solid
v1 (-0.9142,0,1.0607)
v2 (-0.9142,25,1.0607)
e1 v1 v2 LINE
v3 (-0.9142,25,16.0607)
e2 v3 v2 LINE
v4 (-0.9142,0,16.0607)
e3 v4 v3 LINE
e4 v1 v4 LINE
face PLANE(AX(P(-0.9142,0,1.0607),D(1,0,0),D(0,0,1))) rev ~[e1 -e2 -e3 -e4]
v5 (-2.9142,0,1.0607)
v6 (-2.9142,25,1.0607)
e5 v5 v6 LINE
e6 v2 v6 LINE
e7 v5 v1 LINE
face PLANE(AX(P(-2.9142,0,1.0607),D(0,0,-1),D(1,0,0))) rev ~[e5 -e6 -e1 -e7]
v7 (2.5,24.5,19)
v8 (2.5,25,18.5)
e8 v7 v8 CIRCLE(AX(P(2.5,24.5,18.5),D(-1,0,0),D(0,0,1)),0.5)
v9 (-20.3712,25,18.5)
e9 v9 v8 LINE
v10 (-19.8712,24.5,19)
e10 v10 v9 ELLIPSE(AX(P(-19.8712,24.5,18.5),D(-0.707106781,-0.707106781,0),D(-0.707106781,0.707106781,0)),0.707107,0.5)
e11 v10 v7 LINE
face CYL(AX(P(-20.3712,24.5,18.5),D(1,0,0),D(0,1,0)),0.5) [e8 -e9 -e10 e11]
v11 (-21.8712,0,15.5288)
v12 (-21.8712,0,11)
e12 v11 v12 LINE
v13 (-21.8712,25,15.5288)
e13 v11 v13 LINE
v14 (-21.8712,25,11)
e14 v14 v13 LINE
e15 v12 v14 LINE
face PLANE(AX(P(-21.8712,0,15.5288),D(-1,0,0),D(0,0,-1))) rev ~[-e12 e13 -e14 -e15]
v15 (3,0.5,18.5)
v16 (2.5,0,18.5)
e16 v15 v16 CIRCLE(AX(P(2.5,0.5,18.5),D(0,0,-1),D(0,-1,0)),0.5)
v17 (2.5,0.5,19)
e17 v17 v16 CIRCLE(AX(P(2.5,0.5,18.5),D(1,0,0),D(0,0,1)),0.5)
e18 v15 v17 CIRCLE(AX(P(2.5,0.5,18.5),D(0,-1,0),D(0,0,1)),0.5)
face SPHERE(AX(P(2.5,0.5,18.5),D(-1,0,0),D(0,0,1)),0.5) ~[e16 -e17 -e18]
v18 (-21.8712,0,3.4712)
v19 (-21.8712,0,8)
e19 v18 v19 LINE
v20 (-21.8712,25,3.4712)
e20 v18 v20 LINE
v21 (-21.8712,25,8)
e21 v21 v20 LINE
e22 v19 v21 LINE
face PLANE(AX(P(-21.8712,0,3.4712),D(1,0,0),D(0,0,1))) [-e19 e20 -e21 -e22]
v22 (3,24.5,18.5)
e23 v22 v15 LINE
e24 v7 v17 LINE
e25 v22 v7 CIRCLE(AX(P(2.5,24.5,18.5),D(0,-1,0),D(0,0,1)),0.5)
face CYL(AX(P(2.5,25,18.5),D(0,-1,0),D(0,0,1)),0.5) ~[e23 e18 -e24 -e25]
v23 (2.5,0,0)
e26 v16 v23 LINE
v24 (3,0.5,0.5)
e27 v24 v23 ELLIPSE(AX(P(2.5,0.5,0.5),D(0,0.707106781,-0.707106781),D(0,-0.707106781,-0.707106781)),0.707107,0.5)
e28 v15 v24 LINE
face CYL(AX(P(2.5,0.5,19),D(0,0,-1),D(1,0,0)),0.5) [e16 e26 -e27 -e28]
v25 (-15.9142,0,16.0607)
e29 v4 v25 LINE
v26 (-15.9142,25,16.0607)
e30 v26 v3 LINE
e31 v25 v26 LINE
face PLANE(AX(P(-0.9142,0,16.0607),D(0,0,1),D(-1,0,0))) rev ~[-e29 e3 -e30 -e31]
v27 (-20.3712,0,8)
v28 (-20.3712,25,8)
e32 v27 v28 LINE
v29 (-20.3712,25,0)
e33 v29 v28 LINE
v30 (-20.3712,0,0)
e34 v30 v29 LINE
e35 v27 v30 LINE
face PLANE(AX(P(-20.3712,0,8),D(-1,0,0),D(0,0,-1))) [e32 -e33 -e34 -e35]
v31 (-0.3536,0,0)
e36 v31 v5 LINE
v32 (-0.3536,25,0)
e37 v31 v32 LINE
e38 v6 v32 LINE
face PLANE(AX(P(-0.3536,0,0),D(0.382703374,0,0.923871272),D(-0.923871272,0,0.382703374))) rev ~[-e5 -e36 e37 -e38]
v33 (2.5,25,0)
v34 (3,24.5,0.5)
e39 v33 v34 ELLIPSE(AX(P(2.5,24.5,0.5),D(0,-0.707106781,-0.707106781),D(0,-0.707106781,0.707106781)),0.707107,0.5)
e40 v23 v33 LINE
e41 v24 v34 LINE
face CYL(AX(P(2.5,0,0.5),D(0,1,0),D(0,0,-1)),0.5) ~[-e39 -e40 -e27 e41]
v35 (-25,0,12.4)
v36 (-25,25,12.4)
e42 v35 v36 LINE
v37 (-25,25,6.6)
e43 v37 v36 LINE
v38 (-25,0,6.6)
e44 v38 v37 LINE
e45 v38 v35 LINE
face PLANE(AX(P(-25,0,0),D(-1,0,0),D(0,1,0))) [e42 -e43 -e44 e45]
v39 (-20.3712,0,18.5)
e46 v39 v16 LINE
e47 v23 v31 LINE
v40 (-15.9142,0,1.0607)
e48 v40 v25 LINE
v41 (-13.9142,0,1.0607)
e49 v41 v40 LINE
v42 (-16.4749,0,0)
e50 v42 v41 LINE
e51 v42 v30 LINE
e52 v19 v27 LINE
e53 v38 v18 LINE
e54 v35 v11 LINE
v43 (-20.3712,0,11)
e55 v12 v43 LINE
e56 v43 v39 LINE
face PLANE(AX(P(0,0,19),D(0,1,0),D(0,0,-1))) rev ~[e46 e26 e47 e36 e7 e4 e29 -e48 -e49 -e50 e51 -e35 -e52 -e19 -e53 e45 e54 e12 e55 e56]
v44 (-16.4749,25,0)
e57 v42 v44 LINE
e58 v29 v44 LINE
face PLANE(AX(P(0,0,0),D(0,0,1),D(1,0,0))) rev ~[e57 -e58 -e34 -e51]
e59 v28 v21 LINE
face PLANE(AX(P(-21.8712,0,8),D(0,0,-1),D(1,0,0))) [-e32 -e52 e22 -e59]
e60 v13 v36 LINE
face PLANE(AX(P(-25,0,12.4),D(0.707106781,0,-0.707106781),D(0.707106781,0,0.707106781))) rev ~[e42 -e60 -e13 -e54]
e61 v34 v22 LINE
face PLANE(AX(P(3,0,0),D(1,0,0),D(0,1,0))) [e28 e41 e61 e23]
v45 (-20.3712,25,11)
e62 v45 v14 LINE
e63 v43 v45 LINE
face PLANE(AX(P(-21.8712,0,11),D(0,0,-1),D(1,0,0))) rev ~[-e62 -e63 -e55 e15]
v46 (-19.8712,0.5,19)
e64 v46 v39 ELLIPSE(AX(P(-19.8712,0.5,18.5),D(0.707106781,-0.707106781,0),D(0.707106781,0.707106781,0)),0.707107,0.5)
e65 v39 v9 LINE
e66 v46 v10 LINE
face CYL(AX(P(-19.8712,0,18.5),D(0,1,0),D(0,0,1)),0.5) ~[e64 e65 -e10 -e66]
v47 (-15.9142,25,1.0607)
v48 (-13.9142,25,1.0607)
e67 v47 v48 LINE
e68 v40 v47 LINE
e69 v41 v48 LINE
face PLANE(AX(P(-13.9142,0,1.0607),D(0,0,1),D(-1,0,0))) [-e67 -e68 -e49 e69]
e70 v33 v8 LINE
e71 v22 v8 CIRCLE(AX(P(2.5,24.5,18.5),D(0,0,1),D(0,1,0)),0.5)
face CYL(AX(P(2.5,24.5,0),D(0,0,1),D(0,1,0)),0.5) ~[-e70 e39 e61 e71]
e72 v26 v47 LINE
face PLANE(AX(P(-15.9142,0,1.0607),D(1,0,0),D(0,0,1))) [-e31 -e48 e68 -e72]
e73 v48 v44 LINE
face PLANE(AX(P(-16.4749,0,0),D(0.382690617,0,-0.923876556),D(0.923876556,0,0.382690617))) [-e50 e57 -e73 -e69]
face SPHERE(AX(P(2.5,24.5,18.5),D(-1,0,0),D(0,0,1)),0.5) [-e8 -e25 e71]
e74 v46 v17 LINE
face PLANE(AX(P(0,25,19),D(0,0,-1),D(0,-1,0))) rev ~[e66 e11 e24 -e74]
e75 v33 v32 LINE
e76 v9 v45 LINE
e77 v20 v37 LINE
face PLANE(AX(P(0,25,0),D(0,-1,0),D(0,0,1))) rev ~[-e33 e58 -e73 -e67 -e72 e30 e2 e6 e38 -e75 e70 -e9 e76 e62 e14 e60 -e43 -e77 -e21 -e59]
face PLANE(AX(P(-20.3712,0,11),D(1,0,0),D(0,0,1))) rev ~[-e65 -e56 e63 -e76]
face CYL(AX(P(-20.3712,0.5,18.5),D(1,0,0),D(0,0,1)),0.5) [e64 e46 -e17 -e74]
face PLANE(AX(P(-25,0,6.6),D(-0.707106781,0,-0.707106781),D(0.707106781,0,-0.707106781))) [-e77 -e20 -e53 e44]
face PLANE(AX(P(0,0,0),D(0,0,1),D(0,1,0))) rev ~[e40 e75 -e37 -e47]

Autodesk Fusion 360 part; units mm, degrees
sketch "Sketch1" plane through (0, 0, 0) normal (0, 0, 1) x (1, 0, 0) in component "Light Braccket"
  line L0 (0, 0) -> (-25, 0)
  line L1 (-25, 0) -> (-25, 25)
  line L2 (-25, 25) -> (0, 25)
  line L3 (0, 25) -> (0, 0)
  dimension "d1" = 25
  dimension "d2" = 25
extrude "Extrude1" add sketch "Sketch1" along normal blind 25 in component "Light Braccket"
sketch "Sketch2" plane through (0, 0, 0) normal (0, -1, 0) x (1, 0, 0) in component "Light Braccket"
  line L0 (-25, 0) -> (0, 0)
  line L1 (0, 0) -> (0, 25)
  line L2 (0, 25) -> (-25, 25)
  line L3 (-25, 25) -> (-25, 0)
  line L4 (-0.3536, 0) -> (-2.9142, 1.0607)
  line L5 (-0.3536, 0) -> (0.9236, 0) construction
  line L6 (-2.9142, 1.0607) -> (-0.9142, 1.0607)
  line L7 (-0.9142, 1.0607) -> (-0.9142, 16.0607)
  line L8 (-0.9142, 18.8102) -> (-15.9142, 18.8102) construction
  line L9 (-8.4142, 18.8102) -> (-8.4142, -0.114) construction
  line L10 (-16.4749, 0) -> (-13.9142, 1.0607)
  line L11 (-13.9142, 1.0607) -> (-15.9142, 1.0607)
  line L12 (-15.9142, 1.0607) -> (-15.9142, 16.0607)
  line L13 (-0.9142, 16.0607) -> (-15.9142, 16.0607)
  dimension "d14" = 15
extrude "Extrude2" cut sketch "Sketch2" against normal blind 40 contours L0 L4 L6 L7 L10 L11 L12 L13 in component "Light Braccket"
sketch "Sketch3" plane through (0, 0, 0) normal (0, -1, 0) x (1, 0, 0) in component "Light Braccket"
  line L0 (-16.4749, 0) -> (-13.9142, 1.0607)
  line L1 (-13.9142, 1.0607) -> (-15.9142, 1.0607)
  line L2 (-15.9142, 1.0607) -> (-15.9142, 16.0607)
  line L3 (-15.9142, 16.0607) -> (-0.9142, 16.0607)
  line L4 (-0.9142, 16.0607) -> (-0.9142, 1.0607)
  line L5 (-0.9142, 1.0607) -> (-2.9142, 1.0607)
  line L6 (-2.9142, 1.0607) -> (-0.3536, 0)
  line L7 (-0.3536, 0) -> (0, 0)
  line L8 (0, 0) -> (0, 25)
  line L9 (0, 25) -> (-25, 25)
  line L10 (-25, 25) -> (-25, 0)
  line L11 (-25, 0) -> (-16.4749, 0)
  line L12 (-25, 25) -> (0, 25)
  line L13 (0, 25) -> (0, 19)
  line L14 (0, 19) -> (-25, 19)
  line L15 (-25, 19) -> (-25, 25)
extrude "Extrude3" cut sketch "Sketch3" against normal blind 39 contours L8 L9 L10 L12 L13 L14 L15 in component "Light Braccket"
sketch "Sketch4" plane through (0, 0, 0) normal (0, -1, 0) x (1, 0, 0) in component "Light Braccket"
  line L0 (0, 19) -> (-25, 19)
  line L1 (-25, 19) -> (-25, 0)
  line L2 (-25, 0) -> (-16.4749, 0)
  line L3 (-16.4749, 0) -> (-13.9142, 1.0607)
  line L4 (-13.9142, 1.0607) -> (-15.9142, 1.0607)
  line L5 (-15.9142, 1.0607) -> (-15.9142, 16.0607)
  line L6 (-15.9142, 16.0607) -> (-0.9142, 16.0607)
  line L7 (-0.9142, 16.0607) -> (-0.9142, 1.0607)
  line L8 (-0.9142, 1.0607) -> (-2.9142, 1.0607)
  line L9 (-2.9142, 1.0607) -> (-0.3536, 0)
  line L10 (-0.3536, 0) -> (0, 0)
  line L11 (0, 0) -> (0, 19)
  line L12 (-25, 0) -> (-25, 6.6)
  line L13 (-25, 6.6) -> (-21.8712, 3.4712)
  line L14 (-25, 6.6) -> (-20.5752, 6.6) construction
  line L15 (-21.8712, 3.4712) -> (-21.8712, 8)
  line L16 (-21.8712, 8) -> (-20.3712, 8)
  line L17 (-20.3712, 8) -> (-20.3712, 0)
  line L18 (-25, 0) -> (-20.3712, 0)
  line L19 (-25, 9.5) -> (0, 9.5) construction
  line L20 (-25, 12.4) -> (-21.8712, 15.5288)
  line L21 (-21.8712, 15.5288) -> (-21.8712, 11)
  line L22 (-20.3712, 11) -> (-20.3712, 19)
  line L23 (-21.8712, 11) -> (-20.3712, 11)
  line L24 (-25, 19) -> (-20.3712, 19)
  line L25 (-25, 19) -> (-25, 12.4)
  dimension "d19" = 6.6
  dimension "d20" = 45
  dimension "d21" = 1.5
extrude "Extrude4" cut sketch "Sketch4" against normal blind 33.5 contours L0 L1 L20 L21 L22 L23 L24 L25 | L1 L2 L12 L13 L15 L16 L17 L18 in component "Light Braccket"
sketch "Sketch1 (2)" plane through (0, 0, 0) normal (1, 0, 0) x (0, 1, 0)
  line L0 (25, 19) -> (0, 19)
  line L1 (0, 19) -> (0, 0)
  line L2 (0, 0) -> (25, 0)
  line L3 (25, 0) -> (25, 19)
extrude "Extrude5" add sketch "Sketch1 (2)" along normal blind 3 in component "Light Braccket"
fillet "Fillet2" radius 0.5 7 edges at (-8.6856, 0, 19) (-20.3712, 12.5, 19) (-8.6856, 25, 19) (3, 12.5, 19) (3, 0, 9.5) (3, 25, 9.5) (3, 12.5, 0) in component "Light Braccket"
component "Light Braccket" placed x (1, 0, 0) y (0, 1, 0) z (0, 0, 1) at (0, 0, 0)
